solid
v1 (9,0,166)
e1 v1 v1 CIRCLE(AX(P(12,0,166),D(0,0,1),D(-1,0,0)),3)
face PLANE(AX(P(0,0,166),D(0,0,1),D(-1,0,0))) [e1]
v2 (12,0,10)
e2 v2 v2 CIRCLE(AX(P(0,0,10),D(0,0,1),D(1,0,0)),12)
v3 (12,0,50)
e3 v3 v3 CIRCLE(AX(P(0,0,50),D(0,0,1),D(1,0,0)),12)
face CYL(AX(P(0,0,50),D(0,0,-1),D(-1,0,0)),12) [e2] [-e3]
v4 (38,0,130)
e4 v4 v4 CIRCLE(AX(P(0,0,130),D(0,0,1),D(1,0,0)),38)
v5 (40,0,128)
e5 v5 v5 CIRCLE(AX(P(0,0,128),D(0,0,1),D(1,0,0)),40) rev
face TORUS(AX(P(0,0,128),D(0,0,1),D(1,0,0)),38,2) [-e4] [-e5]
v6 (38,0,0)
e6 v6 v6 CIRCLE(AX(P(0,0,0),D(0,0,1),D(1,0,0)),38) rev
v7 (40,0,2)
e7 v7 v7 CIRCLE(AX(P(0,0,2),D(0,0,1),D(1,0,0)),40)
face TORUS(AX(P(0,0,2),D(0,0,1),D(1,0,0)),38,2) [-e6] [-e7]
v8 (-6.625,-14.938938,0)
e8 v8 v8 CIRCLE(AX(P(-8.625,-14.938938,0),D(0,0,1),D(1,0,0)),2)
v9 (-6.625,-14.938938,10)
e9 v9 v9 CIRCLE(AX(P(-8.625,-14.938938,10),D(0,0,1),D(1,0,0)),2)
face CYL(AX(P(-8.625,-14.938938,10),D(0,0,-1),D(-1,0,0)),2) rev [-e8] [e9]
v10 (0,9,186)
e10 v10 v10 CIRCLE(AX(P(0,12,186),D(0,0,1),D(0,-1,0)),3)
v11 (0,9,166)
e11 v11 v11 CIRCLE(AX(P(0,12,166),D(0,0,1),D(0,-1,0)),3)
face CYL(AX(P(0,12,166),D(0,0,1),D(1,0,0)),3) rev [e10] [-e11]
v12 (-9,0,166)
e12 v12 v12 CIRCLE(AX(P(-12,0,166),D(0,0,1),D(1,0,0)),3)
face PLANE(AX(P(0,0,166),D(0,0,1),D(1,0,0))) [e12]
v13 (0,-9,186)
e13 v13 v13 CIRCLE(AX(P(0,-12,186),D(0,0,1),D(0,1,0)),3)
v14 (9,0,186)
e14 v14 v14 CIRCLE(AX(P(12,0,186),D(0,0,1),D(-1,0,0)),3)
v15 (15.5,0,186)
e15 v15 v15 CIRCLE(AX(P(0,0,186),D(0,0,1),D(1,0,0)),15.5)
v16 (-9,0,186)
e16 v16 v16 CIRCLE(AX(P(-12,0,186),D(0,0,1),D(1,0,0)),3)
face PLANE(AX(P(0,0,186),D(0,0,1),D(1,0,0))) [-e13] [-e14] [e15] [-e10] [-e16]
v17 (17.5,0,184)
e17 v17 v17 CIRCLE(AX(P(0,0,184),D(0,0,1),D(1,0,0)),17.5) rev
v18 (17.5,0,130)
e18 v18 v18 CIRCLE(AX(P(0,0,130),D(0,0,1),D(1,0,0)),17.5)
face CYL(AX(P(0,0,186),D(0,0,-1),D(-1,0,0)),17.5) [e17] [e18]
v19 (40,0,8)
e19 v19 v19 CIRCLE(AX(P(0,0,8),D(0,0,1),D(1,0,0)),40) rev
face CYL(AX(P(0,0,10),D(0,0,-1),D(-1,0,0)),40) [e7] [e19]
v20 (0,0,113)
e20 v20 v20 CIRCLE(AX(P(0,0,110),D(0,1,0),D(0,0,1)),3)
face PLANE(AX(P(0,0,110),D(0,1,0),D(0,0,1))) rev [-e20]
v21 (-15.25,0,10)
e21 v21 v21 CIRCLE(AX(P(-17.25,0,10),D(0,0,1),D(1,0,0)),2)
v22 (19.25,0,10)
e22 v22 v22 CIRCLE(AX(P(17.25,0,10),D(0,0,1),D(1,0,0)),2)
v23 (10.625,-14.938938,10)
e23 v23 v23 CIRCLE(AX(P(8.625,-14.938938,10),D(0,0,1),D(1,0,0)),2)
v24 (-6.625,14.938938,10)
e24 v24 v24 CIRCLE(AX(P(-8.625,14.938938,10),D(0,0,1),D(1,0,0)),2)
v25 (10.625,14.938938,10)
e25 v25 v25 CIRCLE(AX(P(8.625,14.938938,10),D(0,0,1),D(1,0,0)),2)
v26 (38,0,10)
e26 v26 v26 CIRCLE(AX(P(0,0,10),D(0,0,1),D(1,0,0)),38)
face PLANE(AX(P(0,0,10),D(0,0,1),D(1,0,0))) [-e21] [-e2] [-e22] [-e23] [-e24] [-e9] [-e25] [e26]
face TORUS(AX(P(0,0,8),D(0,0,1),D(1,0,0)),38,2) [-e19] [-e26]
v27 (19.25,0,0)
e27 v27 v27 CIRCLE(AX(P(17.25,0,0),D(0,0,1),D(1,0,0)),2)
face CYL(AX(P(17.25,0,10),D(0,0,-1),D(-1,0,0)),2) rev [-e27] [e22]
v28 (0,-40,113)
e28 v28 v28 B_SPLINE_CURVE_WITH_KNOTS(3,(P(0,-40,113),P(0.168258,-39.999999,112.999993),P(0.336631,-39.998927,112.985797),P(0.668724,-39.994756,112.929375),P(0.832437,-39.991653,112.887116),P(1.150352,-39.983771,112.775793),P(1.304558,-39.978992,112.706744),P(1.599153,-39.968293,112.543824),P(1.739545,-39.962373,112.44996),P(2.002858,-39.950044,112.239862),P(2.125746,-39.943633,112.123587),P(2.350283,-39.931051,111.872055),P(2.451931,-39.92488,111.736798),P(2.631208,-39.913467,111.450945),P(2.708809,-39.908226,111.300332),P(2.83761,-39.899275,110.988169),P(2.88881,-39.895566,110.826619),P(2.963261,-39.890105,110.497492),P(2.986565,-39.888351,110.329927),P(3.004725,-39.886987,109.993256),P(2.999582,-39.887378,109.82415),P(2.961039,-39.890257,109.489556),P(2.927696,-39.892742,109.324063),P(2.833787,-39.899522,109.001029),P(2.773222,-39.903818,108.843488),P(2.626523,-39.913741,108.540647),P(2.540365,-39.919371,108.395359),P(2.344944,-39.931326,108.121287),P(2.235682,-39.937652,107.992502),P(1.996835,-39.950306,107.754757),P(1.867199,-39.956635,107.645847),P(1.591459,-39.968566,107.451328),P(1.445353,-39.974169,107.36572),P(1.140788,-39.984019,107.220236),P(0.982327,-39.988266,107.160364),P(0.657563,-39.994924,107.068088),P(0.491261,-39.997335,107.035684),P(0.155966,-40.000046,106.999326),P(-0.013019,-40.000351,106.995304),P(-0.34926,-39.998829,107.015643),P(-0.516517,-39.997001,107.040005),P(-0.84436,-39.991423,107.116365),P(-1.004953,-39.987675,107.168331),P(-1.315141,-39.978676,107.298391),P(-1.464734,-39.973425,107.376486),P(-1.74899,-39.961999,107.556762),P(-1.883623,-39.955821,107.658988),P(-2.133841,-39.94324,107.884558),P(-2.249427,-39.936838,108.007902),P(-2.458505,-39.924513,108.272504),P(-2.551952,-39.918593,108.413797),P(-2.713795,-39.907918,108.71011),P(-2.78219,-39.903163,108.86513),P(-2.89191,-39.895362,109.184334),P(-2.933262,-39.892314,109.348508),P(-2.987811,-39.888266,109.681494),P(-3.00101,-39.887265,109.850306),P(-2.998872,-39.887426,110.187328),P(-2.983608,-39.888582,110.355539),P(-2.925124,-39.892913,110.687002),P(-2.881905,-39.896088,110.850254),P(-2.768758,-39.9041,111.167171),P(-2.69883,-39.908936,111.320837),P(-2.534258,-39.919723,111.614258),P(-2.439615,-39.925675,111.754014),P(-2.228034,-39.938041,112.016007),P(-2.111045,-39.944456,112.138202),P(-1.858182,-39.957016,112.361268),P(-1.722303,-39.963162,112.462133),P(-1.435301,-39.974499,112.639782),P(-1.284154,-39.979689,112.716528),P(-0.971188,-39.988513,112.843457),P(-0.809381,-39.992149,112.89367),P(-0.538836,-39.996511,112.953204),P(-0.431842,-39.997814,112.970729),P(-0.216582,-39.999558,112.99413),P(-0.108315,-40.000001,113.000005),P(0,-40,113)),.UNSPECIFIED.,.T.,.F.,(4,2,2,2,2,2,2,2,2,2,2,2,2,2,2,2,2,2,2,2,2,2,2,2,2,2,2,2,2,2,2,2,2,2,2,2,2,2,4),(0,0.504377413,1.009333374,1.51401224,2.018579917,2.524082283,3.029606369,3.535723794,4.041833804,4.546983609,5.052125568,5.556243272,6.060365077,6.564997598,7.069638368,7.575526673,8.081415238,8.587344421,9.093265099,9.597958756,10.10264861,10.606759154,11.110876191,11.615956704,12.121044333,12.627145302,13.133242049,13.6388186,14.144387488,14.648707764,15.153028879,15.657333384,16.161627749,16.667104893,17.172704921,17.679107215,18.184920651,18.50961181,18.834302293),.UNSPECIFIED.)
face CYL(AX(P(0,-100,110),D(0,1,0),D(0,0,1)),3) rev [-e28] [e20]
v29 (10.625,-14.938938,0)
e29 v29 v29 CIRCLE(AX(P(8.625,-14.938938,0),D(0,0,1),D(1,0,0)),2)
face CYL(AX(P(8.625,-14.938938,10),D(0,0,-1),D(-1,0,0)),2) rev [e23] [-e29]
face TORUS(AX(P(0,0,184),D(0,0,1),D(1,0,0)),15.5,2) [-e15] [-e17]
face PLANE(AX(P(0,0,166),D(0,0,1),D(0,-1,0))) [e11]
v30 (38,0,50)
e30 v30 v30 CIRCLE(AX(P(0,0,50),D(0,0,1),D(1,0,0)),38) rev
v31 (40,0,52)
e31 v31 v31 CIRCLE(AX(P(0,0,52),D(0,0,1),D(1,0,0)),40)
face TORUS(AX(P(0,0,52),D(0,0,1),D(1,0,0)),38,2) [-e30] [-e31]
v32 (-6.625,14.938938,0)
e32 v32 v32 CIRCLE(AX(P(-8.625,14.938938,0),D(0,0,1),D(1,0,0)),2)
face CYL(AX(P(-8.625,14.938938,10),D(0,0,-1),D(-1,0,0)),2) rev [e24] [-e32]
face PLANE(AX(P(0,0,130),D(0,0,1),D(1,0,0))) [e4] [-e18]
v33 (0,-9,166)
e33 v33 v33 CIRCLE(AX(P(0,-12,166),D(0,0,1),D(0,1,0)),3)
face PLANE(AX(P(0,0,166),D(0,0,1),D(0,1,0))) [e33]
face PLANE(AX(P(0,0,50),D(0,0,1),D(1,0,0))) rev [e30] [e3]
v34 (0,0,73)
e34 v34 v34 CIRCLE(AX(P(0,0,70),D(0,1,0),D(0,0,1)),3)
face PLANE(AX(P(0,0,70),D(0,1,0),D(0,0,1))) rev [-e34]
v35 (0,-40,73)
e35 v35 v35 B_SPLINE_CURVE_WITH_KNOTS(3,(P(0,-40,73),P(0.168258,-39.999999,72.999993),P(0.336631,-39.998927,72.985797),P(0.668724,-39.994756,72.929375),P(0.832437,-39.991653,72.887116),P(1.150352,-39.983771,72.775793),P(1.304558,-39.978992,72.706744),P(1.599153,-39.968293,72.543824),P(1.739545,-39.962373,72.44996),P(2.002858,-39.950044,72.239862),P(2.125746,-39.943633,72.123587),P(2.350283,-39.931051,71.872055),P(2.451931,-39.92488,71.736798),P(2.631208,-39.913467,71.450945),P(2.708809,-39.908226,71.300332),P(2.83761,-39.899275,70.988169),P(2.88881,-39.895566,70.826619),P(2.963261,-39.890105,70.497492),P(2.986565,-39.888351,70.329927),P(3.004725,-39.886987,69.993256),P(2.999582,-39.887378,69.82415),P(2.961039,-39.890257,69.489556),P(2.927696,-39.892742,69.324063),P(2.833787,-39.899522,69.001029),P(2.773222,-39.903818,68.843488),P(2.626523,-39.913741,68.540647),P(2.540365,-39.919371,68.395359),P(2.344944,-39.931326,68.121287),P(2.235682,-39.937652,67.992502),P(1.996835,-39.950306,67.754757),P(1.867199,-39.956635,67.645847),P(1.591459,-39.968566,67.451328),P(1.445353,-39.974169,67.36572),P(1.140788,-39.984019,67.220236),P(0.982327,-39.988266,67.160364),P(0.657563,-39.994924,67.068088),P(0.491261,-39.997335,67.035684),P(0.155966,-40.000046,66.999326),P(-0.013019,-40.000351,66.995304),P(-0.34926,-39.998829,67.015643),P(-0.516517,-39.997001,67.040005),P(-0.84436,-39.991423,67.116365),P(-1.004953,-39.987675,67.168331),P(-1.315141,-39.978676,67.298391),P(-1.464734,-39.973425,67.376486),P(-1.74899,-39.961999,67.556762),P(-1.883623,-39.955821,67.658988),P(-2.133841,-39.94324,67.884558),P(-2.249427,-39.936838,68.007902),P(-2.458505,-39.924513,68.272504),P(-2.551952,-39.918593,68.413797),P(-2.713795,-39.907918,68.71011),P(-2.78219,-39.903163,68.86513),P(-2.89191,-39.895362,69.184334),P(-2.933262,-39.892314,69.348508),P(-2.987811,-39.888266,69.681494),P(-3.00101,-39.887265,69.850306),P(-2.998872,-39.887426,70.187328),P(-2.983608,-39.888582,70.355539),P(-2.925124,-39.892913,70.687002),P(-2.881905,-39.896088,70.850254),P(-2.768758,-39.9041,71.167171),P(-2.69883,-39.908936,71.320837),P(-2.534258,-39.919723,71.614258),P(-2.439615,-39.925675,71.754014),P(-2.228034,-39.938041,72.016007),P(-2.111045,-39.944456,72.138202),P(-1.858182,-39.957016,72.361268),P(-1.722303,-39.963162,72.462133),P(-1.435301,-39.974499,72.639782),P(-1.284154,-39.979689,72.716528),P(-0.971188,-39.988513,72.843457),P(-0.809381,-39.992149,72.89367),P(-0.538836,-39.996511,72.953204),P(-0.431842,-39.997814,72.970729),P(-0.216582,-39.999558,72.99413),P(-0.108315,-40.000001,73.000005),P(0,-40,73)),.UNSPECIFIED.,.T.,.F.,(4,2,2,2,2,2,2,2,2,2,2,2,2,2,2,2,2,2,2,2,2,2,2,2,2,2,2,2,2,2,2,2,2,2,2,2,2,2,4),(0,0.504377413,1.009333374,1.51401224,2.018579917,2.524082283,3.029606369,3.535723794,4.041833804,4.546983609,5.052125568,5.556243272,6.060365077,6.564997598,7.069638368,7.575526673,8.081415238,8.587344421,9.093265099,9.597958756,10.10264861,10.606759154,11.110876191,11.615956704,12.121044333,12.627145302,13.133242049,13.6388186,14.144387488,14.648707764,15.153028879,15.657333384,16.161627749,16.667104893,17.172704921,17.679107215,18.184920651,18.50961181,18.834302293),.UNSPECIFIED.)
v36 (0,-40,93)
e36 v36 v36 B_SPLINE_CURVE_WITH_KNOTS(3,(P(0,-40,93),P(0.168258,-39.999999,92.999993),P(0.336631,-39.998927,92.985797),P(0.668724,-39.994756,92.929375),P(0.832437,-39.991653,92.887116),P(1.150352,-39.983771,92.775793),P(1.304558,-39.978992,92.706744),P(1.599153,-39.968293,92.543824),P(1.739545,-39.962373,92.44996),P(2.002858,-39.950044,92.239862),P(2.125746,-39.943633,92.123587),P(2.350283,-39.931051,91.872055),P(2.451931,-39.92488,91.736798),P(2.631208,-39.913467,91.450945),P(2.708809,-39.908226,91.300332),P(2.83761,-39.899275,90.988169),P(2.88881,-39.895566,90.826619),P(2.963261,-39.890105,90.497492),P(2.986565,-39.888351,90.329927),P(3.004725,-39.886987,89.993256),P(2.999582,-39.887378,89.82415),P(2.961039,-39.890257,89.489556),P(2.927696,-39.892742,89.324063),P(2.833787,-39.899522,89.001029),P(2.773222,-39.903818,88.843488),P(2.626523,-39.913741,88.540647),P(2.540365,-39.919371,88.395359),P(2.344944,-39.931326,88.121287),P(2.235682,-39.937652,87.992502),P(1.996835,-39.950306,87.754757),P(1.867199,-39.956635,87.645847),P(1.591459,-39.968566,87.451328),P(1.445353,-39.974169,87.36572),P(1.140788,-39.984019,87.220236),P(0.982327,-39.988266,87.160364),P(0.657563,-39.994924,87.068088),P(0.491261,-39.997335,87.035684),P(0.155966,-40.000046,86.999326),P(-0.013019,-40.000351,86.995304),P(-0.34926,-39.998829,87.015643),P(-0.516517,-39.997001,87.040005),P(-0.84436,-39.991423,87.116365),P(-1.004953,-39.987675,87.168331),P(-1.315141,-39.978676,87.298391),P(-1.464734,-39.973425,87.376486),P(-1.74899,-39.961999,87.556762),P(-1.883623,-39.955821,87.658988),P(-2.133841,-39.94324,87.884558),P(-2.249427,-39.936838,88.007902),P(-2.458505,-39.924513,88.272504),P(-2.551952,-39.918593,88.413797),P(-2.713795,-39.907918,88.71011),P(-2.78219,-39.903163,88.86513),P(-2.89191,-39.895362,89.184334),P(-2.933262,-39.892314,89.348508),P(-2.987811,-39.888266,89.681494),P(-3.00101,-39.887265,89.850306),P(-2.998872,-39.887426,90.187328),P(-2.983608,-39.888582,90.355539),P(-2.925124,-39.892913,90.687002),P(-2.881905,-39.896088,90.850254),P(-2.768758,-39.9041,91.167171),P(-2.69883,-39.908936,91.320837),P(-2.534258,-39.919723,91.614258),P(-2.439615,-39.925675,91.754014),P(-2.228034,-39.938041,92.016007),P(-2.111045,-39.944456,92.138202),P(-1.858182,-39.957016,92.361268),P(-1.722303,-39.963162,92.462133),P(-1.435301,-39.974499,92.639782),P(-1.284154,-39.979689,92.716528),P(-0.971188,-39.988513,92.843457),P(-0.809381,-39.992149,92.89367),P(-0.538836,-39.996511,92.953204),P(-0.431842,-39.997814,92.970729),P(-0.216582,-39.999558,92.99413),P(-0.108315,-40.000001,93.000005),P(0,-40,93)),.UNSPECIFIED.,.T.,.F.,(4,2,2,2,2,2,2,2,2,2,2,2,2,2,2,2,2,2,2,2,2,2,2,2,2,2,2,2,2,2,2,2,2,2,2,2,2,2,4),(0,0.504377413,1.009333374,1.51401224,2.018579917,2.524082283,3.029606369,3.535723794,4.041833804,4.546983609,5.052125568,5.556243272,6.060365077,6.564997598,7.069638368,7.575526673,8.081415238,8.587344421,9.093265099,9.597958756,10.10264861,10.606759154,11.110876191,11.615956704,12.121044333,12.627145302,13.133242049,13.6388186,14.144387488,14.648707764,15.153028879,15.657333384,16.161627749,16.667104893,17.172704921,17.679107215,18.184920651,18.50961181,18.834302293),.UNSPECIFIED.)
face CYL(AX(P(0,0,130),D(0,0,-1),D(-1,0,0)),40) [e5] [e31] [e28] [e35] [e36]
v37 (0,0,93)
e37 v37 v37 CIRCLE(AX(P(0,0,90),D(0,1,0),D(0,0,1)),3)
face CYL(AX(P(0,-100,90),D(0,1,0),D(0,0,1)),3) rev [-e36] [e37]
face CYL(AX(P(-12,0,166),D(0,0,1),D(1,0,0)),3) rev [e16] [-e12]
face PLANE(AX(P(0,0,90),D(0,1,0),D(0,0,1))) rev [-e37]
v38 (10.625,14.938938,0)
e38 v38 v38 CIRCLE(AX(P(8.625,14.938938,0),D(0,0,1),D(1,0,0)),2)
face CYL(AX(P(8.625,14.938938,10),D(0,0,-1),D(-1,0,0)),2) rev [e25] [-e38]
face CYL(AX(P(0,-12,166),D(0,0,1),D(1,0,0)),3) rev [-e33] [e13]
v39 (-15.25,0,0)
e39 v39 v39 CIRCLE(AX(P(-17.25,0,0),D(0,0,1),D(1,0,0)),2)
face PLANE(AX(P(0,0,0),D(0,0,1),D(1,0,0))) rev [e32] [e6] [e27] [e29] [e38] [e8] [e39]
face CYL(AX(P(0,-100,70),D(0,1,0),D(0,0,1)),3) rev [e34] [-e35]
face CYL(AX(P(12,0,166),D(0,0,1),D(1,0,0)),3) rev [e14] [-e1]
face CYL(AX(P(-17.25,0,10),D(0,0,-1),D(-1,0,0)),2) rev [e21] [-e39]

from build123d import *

# Parameters (mm, degrees)
SKETCH_1_R               = 40
SKETCH_1_R_2             = 2
EXTRUDE_2_DEPTH          = 10
SKETCH_3_R               = 12
EXTRUDE_4_DEPTH          = 40
SKETCH_4_R               = 40
EXTRUDE_7_DEPTH          = 80
SKETCH_7_R               = 17.5
EXTRUDE_8_DEPTH          = 56
SKETCH_9_R               = 3
CUT_EXTRUDE_2_DEPTH      = 100
SKETCH_11_R              = 3
CUT_EXTRUDE_4_DEPTH      = 20
PATTERN_CIRCULAR_1_COUNT = 4
FILLET_1_R               = 2


with BuildPart() as part:
    # 草图1 → 凸台-拉伸2 (new body)
    with BuildSketch(Plane.XY):
        Circle(SKETCH_1_R)
        with Locations((-17.25, 0)):
            Circle(SKETCH_1_R_2, mode=Mode.SUBTRACT)
        with Locations((-8.625, 14.938938215)):
            Circle(SKETCH_1_R_2, mode=Mode.SUBTRACT)
        with Locations((8.625, 14.938938215)):
            Circle(SKETCH_1_R_2, mode=Mode.SUBTRACT)
        with Locations((17.25, 0)):
            Circle(SKETCH_1_R_2, mode=Mode.SUBTRACT)
        with Locations((8.625, -14.938938215)):
            Circle(SKETCH_1_R_2, mode=Mode.SUBTRACT)
        with Locations((-8.625, -14.938938215)):
            Circle(SKETCH_1_R_2, mode=Mode.SUBTRACT)
    extrude(amount=EXTRUDE_2_DEPTH)

    # 草图3 → 凸台-拉伸4 (add)
    with BuildSketch(Plane.XY.offset(10)):
        Circle(SKETCH_3_R)
    extrude(amount=EXTRUDE_4_DEPTH)

    # 草图4 → 凸台-拉伸7 (add)
    with BuildSketch(Plane.XY.offset(50)):
        Circle(SKETCH_4_R)
    extrude(amount=EXTRUDE_7_DEPTH)

    # 草图7 → 凸台-拉伸8 (add)
    with BuildSketch(Plane.XY.offset(130)):
        Circle(SKETCH_7_R)
    extrude(amount=EXTRUDE_8_DEPTH)

    # 草图9 → 切除-拉伸2 (cut)
    with BuildSketch(Plane(origin=(0, 0, 0), x_dir=(1, 0, 0), z_dir=(0, 1, 0))):
        with Locations(Location((0, -90, 0), (0, 0, 270))):
            Circle(SKETCH_9_R)
        with Locations(Location((0, -70, 0), (0, 0, 270))):
            Circle(SKETCH_9_R)
        with Locations(Location((0, -110, 0), (0, 0, 270))):
            Circle(SKETCH_9_R)
    extrude(amount=-CUT_EXTRUDE_2_DEPTH, mode=Mode.SUBTRACT)

    # 草图11 → 切除-拉伸4 (cut)
    with BuildSketch(Plane.XY.offset(186)):
        with Locations((-12, 0)):
            Circle(SKETCH_11_R)
    cut_extrude_4 = extrude(amount=-CUT_EXTRUDE_4_DEPTH, mode=Mode.SUBTRACT)

    # 阵列(圆周)1: 切除-拉伸4 ×4 about axis
    pattern_circular_1_axis = Axis((0, 0, 0), (0, 0, 1))
    for i in range(1, PATTERN_CIRCULAR_1_COUNT):
        add(cut_extrude_4.rotate(pattern_circular_1_axis, i * 360 / PATTERN_CIRCULAR_1_COUNT), mode=Mode.SUBTRACT)

    # 圆角1
    fillet_1_edges = [part.edges().sort_by_distance(p)[0] for p in [
        (-40, 0, 0),
        (-40, 0, 50),
        (-40, 0, 130),
        (-17.5, 0, 186),
        (-40, 0, 10),
    ]]
    fillet(fillet_1_edges, radius=FILLET_1_R)


solid = part.part
